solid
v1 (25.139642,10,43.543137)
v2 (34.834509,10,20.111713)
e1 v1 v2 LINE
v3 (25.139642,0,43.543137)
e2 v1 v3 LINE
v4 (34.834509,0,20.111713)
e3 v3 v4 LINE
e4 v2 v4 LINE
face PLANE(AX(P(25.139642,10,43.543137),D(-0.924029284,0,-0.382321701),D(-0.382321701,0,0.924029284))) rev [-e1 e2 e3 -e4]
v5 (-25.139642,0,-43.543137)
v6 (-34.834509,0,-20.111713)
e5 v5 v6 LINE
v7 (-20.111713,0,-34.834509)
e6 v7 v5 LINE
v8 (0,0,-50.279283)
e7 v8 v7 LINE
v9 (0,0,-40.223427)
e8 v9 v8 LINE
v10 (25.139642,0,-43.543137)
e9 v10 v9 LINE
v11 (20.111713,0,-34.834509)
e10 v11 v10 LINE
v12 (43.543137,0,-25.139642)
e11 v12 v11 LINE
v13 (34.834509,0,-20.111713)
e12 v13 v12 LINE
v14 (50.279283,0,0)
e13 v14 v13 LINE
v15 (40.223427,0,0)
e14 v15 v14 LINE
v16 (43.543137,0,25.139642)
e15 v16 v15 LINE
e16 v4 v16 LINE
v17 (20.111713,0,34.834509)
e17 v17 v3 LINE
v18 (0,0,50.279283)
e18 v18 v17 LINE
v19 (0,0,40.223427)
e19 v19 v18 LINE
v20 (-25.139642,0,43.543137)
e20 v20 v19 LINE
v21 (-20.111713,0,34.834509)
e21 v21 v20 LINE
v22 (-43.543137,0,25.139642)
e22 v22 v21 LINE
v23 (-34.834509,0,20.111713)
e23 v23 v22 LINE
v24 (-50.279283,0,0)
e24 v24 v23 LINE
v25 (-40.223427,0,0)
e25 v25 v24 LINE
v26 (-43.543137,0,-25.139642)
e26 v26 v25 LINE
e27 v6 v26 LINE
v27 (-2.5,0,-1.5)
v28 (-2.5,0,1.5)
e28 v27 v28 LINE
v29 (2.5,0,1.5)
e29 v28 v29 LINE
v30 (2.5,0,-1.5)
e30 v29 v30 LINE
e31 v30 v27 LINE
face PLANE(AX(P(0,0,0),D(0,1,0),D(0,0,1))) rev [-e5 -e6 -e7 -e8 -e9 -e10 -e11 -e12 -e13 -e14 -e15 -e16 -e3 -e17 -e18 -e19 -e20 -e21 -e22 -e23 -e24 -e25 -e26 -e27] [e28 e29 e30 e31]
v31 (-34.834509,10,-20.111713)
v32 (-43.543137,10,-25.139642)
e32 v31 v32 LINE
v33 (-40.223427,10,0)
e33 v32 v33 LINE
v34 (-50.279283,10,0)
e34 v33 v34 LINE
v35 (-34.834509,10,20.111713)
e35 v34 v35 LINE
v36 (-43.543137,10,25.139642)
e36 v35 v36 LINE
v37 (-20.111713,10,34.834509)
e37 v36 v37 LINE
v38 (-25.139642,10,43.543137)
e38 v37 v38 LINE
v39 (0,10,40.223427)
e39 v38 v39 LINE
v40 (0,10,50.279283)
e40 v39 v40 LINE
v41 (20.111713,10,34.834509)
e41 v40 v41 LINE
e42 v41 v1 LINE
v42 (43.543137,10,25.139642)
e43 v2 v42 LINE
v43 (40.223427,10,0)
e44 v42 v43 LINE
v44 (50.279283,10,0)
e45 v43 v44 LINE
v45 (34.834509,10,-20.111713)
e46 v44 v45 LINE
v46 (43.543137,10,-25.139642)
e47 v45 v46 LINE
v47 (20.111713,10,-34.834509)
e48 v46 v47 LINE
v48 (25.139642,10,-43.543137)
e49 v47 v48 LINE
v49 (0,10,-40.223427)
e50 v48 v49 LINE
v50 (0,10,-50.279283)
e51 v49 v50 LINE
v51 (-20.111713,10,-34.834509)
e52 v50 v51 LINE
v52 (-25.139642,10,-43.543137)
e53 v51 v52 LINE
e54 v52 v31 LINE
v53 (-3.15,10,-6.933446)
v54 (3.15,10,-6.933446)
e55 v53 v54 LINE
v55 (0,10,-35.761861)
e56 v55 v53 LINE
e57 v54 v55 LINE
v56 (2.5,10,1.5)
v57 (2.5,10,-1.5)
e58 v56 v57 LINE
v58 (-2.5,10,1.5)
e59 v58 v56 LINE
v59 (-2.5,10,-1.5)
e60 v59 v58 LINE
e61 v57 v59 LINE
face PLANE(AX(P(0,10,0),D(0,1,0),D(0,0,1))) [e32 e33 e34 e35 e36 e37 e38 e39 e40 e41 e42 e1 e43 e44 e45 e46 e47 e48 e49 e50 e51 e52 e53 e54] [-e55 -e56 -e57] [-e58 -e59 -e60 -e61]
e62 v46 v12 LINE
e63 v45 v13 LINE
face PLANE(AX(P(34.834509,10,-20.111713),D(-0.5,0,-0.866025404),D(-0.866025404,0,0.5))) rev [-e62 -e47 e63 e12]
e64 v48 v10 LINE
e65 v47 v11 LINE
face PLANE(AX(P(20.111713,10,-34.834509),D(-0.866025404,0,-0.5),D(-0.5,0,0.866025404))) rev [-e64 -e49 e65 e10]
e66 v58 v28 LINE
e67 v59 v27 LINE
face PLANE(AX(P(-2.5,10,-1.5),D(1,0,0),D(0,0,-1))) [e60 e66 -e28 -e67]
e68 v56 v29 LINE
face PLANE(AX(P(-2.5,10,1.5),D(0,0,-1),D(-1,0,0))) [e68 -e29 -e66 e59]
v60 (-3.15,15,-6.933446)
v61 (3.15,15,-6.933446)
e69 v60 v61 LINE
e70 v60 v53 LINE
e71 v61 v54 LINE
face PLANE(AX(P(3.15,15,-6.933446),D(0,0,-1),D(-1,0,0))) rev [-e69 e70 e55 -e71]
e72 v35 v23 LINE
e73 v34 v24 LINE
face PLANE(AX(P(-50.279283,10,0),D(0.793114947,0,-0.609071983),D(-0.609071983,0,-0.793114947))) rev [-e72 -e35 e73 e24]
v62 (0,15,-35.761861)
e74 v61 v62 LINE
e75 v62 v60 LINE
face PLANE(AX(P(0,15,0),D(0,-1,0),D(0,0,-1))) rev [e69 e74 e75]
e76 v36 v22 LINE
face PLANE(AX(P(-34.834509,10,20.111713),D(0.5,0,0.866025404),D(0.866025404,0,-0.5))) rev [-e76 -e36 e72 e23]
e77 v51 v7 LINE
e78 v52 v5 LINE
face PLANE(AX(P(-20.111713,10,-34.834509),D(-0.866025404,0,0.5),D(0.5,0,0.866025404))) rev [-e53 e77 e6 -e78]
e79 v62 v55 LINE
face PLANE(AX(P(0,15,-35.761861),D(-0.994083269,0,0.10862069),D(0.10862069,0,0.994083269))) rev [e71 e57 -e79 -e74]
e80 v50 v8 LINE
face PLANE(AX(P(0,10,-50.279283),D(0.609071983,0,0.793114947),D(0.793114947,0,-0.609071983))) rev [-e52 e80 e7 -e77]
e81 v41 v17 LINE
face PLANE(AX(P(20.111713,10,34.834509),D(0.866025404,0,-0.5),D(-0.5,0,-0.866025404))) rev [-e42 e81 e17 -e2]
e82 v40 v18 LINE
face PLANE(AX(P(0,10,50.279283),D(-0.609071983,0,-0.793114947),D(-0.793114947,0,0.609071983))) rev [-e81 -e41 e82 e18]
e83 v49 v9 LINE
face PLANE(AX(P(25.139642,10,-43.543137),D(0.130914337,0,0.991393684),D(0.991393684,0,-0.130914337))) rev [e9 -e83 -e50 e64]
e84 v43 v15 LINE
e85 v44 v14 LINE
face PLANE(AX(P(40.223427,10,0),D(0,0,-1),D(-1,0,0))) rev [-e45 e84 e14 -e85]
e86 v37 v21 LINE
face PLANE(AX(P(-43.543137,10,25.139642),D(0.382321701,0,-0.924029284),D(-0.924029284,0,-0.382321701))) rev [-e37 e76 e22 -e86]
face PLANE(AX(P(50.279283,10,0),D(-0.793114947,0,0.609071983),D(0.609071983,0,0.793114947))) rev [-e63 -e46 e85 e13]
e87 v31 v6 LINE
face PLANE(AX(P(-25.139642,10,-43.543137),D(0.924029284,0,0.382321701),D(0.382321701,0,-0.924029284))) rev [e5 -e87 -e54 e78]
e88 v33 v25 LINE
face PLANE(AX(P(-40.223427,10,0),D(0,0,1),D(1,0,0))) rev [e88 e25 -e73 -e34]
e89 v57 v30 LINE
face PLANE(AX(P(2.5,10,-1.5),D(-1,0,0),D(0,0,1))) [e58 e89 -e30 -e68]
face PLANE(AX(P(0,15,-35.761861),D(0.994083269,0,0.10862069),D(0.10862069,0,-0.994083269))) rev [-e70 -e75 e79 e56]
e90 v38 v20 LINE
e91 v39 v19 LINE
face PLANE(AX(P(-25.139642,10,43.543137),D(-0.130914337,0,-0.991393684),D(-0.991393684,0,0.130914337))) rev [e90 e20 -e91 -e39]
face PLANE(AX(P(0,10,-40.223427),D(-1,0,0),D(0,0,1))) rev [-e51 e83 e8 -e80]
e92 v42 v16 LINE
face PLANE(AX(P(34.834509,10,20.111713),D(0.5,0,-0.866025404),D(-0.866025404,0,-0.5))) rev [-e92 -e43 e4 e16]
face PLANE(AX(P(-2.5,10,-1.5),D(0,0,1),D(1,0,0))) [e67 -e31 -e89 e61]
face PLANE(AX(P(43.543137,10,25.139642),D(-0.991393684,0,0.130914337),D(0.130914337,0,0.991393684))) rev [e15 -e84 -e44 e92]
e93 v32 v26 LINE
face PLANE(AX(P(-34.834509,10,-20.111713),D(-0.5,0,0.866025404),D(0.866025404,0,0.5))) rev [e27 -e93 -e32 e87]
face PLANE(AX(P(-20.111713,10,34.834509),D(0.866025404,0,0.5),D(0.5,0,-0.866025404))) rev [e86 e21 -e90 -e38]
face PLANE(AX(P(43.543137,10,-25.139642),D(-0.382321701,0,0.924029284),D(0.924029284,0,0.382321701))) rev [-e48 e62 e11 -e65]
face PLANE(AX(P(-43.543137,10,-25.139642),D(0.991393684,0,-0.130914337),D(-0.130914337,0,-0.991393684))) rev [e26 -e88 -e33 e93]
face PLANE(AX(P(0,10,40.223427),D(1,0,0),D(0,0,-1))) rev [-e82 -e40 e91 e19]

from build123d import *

# Parameters (mm, degrees)
SKETCH2_W           = 5
SKETCH2_H           = 3
BOSS_EXTRUDE2_DEPTH = 10
BOSS_EXTRUDE3_DEPTH = 5


with BuildPart() as part:
    # Sketch2 → Boss-Extrude2 (new body)
    with BuildSketch(Plane(origin=(0, 0, 0), x_dir=(1, 0, 0), z_dir=(0, 1, 0))):
        Polygon((0, 40.223426607), (0, 50.279283258), (-20.111713303, 34.834509269), (-25.139641629, 43.543136586), (-34.834509269, 20.111713303), (-43.543136586, 25.139641629), (-40.223426607, 0), (-50.279283258, 0), (-34.834509269, -20.111713303), (-43.543136586, -25.139641629), (-20.111713303, -34.834509269), (-25.139641629, -43.543136586), (0, -40.223426607), (0, -50.279283258), (20.111713303, -34.834509269), (25.139641629, -43.543136586), (34.834509269, -20.111713303), (43.543136586, -25.139641629), (40.223426607, 0), (50.279283258, 0), (34.834509269, 20.111713303), (43.543136586, 25.139641629), (20.111713303, 34.834509269), (25.139641629, 43.543136586), align=None)
        Rectangle(SKETCH2_W, SKETCH2_H, mode=Mode.SUBTRACT)
    extrude(amount=BOSS_EXTRUDE2_DEPTH)

    # Sketch3 → Boss-Extrude3 (add)
    with BuildSketch(Plane(origin=(0, 10, 0), x_dir=(1, 0, 0), z_dir=(0, 1, 0))):
        Polygon((0, 35.761861209), (-3.15, 6.933446407), (3.15, 6.933446407), align=None)
    extrude(amount=BOSS_EXTRUDE3_DEPTH)


solid = part.part
